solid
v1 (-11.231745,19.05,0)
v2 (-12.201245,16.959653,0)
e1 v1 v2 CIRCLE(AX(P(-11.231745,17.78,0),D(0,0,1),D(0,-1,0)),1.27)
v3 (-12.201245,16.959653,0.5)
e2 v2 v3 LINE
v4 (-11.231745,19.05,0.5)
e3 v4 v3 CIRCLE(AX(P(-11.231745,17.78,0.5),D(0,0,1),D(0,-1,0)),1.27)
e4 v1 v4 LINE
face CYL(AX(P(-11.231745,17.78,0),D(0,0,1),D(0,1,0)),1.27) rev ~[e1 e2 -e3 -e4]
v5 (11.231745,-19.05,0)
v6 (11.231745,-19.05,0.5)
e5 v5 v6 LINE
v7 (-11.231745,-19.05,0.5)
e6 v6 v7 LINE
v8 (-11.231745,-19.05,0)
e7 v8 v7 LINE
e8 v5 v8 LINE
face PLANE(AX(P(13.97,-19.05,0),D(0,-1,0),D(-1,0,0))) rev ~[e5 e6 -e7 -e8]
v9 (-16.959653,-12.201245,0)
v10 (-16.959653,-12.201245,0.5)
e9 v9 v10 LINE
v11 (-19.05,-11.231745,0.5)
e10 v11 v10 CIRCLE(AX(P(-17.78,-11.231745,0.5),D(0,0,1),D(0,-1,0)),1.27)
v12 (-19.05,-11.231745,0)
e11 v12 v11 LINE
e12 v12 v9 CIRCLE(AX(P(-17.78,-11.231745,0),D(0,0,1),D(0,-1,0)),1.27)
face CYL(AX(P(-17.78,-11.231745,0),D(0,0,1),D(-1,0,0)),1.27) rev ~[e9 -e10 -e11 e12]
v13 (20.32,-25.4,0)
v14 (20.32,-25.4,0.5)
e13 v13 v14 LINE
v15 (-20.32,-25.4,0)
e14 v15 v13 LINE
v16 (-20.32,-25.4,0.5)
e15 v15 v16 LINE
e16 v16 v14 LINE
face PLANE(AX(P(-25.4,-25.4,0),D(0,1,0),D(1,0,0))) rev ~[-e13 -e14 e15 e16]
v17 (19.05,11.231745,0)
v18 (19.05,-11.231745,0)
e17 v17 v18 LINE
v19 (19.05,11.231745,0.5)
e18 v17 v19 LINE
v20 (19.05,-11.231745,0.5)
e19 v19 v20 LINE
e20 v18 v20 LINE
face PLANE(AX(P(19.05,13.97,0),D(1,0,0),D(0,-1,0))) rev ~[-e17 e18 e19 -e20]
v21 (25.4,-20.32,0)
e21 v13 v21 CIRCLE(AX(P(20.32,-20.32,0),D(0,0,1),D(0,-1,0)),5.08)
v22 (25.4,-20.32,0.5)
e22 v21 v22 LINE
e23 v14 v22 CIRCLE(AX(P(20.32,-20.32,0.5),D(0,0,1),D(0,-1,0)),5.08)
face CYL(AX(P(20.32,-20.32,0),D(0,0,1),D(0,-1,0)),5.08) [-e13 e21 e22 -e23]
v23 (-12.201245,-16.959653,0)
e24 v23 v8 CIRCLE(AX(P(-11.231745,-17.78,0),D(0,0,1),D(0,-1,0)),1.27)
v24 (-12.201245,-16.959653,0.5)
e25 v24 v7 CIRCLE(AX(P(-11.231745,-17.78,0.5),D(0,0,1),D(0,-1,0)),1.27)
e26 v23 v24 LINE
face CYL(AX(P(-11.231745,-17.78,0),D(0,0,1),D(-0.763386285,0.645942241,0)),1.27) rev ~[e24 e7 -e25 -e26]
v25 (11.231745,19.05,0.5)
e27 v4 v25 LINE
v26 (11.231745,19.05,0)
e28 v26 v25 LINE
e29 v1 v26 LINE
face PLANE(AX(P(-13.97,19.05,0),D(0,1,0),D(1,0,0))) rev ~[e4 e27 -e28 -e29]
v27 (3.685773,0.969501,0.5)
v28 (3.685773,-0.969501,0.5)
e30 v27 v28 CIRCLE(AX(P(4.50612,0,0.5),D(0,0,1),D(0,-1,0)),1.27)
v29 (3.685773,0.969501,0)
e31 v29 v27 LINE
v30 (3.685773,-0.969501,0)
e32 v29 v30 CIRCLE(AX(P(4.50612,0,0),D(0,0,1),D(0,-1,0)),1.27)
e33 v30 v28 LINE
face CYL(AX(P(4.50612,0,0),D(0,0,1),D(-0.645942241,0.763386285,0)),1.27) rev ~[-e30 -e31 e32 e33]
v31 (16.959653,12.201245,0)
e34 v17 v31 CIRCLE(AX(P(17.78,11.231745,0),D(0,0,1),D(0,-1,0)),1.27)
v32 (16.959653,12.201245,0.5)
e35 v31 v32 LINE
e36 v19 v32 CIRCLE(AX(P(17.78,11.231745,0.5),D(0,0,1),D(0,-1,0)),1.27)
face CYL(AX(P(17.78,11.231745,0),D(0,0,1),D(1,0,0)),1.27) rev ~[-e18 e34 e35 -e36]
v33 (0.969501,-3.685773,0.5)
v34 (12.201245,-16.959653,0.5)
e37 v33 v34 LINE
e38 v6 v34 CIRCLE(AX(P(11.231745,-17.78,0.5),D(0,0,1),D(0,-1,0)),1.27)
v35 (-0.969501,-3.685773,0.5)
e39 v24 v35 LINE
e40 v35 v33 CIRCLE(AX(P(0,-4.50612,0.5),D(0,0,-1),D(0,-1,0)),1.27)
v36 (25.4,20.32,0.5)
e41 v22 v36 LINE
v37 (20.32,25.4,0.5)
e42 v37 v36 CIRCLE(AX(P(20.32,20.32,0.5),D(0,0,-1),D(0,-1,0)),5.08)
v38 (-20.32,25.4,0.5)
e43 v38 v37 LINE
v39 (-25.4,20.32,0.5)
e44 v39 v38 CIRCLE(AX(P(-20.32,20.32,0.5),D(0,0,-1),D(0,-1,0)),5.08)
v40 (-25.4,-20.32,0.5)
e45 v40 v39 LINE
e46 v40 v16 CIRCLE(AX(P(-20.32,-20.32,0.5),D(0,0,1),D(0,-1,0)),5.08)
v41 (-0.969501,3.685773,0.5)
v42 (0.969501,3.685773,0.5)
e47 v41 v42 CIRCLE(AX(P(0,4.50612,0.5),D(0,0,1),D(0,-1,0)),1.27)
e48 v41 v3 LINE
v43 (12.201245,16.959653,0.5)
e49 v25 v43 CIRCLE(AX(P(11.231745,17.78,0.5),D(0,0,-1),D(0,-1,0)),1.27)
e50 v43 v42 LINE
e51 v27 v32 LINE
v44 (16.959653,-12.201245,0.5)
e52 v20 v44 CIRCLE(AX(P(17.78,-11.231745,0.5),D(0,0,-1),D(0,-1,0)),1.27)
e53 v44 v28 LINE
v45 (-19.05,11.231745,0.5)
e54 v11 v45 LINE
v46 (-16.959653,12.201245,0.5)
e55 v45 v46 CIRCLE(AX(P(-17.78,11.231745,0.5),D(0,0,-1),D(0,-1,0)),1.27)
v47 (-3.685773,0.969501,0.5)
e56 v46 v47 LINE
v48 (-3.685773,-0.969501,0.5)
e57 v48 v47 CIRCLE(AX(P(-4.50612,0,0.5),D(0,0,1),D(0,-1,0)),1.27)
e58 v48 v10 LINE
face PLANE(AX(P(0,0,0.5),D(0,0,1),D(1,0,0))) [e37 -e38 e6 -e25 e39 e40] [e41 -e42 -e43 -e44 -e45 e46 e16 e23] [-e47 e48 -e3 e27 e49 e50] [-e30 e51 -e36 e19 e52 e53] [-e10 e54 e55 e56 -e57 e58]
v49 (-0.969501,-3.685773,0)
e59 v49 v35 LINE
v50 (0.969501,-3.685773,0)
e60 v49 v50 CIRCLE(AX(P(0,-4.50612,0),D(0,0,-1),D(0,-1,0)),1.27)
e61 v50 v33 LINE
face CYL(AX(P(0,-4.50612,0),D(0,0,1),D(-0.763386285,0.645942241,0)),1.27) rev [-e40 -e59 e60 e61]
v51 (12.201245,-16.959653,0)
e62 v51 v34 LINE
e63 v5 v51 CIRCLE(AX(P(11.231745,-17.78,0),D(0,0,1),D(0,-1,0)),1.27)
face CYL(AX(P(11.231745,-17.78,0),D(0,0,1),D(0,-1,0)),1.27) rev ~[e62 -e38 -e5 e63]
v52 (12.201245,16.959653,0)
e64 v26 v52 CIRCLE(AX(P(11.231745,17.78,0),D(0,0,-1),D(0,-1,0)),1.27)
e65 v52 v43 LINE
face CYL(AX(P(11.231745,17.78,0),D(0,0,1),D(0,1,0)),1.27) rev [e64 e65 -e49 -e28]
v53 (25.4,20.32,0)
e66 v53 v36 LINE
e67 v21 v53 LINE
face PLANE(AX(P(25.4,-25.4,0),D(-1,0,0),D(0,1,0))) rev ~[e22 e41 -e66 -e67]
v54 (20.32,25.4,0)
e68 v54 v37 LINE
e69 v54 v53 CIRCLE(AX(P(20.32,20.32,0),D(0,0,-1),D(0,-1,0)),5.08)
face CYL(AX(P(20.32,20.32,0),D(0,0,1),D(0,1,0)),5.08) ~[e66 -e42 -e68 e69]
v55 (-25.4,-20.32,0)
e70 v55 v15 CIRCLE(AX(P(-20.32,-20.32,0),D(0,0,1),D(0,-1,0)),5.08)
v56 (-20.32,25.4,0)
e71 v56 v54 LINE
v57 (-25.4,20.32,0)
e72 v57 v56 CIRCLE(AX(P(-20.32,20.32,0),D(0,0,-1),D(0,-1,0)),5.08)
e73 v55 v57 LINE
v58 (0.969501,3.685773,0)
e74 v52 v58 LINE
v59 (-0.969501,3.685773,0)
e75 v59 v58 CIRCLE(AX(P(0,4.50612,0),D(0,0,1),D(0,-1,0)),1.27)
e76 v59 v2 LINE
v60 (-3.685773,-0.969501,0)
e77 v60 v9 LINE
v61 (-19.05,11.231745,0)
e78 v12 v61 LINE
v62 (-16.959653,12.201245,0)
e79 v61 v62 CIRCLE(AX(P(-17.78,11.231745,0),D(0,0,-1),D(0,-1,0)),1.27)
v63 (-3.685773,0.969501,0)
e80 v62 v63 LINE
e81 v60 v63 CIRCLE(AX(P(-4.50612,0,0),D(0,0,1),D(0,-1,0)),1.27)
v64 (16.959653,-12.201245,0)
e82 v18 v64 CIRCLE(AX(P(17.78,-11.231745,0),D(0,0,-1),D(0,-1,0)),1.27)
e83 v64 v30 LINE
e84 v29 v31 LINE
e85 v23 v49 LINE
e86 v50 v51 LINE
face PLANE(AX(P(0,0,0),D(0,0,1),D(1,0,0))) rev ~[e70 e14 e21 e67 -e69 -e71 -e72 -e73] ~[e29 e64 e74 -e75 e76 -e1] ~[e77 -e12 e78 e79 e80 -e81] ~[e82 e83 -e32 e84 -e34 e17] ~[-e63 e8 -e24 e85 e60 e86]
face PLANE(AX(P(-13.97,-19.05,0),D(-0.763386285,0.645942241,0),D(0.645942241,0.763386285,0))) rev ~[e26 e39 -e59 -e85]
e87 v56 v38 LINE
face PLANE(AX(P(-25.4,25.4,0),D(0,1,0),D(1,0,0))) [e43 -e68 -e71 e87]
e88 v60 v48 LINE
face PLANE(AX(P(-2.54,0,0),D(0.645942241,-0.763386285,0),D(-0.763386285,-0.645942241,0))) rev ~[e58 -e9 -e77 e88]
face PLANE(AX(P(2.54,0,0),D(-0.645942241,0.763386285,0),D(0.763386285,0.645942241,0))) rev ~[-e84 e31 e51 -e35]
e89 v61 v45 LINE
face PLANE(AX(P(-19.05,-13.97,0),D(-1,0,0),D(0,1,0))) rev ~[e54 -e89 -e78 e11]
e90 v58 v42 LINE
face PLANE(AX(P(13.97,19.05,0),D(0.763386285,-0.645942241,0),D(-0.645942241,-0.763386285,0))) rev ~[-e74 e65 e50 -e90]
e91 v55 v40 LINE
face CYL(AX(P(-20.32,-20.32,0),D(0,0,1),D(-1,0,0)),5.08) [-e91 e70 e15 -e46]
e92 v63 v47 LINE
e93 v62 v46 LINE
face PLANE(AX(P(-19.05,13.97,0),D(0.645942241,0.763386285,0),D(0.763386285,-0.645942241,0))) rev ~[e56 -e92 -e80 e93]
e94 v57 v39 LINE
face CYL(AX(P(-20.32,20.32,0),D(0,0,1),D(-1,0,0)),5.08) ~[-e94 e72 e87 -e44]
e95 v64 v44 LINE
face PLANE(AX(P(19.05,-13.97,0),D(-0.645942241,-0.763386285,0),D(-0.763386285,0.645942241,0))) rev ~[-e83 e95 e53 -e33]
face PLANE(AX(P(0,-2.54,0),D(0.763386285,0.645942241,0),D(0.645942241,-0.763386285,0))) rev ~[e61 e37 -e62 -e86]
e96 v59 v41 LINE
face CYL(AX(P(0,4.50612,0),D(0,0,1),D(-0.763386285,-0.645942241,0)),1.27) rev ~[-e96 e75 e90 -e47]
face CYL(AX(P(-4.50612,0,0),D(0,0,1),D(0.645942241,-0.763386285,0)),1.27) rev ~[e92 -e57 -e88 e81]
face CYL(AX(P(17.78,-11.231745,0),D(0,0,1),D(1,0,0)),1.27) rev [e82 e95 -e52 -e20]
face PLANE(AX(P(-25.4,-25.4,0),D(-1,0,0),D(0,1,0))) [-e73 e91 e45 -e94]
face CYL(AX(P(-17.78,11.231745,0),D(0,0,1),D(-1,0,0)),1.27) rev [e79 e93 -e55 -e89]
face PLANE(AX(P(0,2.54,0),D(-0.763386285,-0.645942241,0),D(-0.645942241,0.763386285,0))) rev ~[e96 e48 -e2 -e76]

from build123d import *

# Parameters (mm, degrees)
F0_W     = 50.8
F0_H     = 50.8
F1_DEPTH = 0.5
F2_R     = 1.27
F3_R     = 5.08


with BuildPart() as f1:
    # F0 (on Top) → F1 (new body)
    with BuildSketch(Plane.XY):
        Rectangle(F0_W, F0_H)
        Polygon((0, -2.54), (13.97, -19.05), (-13.97, -19.05), align=None, mode=Mode.SUBTRACT)
        Polygon((-19.05, 13.97), (-2.54, 0), (-19.05, -13.97), align=None, mode=Mode.SUBTRACT)
        Polygon((19.05, -13.97), (2.54, 0), (19.05, 13.97), align=None, mode=Mode.SUBTRACT)
        Polygon((13.97, 19.05), (0, 2.54), (-13.97, 19.05), align=None, mode=Mode.SUBTRACT)
    extrude(amount=F1_DEPTH)

    # F2
    f2_edges = [f1.edges().sort_by_distance(p)[0] for p in [
        (0, -2.54, 0.25),
        (-19.05, 13.97, 0.25),
        (-13.97, -19.05, 0.25),
        (2.54, 0, 0.25),
        (19.05, -13.97, 0.25),
        (13.97, -19.05, 0.25),
        (-2.54, 0, 0.25),
        (0, 2.54, 0.25),
        (19.05, 13.97, 0.25),
        (13.97, 19.05, 0.25),
        (-19.05, -13.97, 0.25),
        (-13.97, 19.05, 0.25),
    ]]
    fillet(f2_edges, radius=F2_R)

    # F3
    f3_edges = [f1.edges().sort_by_distance(p)[0] for p in [
        (25.4, 25.4, 0.25),
        (-25.4, 25.4, 0.25),
        (-25.4, -25.4, 0.25),
        (25.4, -25.4, 0.25),
    ]]
    fillet(f3_edges, radius=F3_R)


solid = f1.part
